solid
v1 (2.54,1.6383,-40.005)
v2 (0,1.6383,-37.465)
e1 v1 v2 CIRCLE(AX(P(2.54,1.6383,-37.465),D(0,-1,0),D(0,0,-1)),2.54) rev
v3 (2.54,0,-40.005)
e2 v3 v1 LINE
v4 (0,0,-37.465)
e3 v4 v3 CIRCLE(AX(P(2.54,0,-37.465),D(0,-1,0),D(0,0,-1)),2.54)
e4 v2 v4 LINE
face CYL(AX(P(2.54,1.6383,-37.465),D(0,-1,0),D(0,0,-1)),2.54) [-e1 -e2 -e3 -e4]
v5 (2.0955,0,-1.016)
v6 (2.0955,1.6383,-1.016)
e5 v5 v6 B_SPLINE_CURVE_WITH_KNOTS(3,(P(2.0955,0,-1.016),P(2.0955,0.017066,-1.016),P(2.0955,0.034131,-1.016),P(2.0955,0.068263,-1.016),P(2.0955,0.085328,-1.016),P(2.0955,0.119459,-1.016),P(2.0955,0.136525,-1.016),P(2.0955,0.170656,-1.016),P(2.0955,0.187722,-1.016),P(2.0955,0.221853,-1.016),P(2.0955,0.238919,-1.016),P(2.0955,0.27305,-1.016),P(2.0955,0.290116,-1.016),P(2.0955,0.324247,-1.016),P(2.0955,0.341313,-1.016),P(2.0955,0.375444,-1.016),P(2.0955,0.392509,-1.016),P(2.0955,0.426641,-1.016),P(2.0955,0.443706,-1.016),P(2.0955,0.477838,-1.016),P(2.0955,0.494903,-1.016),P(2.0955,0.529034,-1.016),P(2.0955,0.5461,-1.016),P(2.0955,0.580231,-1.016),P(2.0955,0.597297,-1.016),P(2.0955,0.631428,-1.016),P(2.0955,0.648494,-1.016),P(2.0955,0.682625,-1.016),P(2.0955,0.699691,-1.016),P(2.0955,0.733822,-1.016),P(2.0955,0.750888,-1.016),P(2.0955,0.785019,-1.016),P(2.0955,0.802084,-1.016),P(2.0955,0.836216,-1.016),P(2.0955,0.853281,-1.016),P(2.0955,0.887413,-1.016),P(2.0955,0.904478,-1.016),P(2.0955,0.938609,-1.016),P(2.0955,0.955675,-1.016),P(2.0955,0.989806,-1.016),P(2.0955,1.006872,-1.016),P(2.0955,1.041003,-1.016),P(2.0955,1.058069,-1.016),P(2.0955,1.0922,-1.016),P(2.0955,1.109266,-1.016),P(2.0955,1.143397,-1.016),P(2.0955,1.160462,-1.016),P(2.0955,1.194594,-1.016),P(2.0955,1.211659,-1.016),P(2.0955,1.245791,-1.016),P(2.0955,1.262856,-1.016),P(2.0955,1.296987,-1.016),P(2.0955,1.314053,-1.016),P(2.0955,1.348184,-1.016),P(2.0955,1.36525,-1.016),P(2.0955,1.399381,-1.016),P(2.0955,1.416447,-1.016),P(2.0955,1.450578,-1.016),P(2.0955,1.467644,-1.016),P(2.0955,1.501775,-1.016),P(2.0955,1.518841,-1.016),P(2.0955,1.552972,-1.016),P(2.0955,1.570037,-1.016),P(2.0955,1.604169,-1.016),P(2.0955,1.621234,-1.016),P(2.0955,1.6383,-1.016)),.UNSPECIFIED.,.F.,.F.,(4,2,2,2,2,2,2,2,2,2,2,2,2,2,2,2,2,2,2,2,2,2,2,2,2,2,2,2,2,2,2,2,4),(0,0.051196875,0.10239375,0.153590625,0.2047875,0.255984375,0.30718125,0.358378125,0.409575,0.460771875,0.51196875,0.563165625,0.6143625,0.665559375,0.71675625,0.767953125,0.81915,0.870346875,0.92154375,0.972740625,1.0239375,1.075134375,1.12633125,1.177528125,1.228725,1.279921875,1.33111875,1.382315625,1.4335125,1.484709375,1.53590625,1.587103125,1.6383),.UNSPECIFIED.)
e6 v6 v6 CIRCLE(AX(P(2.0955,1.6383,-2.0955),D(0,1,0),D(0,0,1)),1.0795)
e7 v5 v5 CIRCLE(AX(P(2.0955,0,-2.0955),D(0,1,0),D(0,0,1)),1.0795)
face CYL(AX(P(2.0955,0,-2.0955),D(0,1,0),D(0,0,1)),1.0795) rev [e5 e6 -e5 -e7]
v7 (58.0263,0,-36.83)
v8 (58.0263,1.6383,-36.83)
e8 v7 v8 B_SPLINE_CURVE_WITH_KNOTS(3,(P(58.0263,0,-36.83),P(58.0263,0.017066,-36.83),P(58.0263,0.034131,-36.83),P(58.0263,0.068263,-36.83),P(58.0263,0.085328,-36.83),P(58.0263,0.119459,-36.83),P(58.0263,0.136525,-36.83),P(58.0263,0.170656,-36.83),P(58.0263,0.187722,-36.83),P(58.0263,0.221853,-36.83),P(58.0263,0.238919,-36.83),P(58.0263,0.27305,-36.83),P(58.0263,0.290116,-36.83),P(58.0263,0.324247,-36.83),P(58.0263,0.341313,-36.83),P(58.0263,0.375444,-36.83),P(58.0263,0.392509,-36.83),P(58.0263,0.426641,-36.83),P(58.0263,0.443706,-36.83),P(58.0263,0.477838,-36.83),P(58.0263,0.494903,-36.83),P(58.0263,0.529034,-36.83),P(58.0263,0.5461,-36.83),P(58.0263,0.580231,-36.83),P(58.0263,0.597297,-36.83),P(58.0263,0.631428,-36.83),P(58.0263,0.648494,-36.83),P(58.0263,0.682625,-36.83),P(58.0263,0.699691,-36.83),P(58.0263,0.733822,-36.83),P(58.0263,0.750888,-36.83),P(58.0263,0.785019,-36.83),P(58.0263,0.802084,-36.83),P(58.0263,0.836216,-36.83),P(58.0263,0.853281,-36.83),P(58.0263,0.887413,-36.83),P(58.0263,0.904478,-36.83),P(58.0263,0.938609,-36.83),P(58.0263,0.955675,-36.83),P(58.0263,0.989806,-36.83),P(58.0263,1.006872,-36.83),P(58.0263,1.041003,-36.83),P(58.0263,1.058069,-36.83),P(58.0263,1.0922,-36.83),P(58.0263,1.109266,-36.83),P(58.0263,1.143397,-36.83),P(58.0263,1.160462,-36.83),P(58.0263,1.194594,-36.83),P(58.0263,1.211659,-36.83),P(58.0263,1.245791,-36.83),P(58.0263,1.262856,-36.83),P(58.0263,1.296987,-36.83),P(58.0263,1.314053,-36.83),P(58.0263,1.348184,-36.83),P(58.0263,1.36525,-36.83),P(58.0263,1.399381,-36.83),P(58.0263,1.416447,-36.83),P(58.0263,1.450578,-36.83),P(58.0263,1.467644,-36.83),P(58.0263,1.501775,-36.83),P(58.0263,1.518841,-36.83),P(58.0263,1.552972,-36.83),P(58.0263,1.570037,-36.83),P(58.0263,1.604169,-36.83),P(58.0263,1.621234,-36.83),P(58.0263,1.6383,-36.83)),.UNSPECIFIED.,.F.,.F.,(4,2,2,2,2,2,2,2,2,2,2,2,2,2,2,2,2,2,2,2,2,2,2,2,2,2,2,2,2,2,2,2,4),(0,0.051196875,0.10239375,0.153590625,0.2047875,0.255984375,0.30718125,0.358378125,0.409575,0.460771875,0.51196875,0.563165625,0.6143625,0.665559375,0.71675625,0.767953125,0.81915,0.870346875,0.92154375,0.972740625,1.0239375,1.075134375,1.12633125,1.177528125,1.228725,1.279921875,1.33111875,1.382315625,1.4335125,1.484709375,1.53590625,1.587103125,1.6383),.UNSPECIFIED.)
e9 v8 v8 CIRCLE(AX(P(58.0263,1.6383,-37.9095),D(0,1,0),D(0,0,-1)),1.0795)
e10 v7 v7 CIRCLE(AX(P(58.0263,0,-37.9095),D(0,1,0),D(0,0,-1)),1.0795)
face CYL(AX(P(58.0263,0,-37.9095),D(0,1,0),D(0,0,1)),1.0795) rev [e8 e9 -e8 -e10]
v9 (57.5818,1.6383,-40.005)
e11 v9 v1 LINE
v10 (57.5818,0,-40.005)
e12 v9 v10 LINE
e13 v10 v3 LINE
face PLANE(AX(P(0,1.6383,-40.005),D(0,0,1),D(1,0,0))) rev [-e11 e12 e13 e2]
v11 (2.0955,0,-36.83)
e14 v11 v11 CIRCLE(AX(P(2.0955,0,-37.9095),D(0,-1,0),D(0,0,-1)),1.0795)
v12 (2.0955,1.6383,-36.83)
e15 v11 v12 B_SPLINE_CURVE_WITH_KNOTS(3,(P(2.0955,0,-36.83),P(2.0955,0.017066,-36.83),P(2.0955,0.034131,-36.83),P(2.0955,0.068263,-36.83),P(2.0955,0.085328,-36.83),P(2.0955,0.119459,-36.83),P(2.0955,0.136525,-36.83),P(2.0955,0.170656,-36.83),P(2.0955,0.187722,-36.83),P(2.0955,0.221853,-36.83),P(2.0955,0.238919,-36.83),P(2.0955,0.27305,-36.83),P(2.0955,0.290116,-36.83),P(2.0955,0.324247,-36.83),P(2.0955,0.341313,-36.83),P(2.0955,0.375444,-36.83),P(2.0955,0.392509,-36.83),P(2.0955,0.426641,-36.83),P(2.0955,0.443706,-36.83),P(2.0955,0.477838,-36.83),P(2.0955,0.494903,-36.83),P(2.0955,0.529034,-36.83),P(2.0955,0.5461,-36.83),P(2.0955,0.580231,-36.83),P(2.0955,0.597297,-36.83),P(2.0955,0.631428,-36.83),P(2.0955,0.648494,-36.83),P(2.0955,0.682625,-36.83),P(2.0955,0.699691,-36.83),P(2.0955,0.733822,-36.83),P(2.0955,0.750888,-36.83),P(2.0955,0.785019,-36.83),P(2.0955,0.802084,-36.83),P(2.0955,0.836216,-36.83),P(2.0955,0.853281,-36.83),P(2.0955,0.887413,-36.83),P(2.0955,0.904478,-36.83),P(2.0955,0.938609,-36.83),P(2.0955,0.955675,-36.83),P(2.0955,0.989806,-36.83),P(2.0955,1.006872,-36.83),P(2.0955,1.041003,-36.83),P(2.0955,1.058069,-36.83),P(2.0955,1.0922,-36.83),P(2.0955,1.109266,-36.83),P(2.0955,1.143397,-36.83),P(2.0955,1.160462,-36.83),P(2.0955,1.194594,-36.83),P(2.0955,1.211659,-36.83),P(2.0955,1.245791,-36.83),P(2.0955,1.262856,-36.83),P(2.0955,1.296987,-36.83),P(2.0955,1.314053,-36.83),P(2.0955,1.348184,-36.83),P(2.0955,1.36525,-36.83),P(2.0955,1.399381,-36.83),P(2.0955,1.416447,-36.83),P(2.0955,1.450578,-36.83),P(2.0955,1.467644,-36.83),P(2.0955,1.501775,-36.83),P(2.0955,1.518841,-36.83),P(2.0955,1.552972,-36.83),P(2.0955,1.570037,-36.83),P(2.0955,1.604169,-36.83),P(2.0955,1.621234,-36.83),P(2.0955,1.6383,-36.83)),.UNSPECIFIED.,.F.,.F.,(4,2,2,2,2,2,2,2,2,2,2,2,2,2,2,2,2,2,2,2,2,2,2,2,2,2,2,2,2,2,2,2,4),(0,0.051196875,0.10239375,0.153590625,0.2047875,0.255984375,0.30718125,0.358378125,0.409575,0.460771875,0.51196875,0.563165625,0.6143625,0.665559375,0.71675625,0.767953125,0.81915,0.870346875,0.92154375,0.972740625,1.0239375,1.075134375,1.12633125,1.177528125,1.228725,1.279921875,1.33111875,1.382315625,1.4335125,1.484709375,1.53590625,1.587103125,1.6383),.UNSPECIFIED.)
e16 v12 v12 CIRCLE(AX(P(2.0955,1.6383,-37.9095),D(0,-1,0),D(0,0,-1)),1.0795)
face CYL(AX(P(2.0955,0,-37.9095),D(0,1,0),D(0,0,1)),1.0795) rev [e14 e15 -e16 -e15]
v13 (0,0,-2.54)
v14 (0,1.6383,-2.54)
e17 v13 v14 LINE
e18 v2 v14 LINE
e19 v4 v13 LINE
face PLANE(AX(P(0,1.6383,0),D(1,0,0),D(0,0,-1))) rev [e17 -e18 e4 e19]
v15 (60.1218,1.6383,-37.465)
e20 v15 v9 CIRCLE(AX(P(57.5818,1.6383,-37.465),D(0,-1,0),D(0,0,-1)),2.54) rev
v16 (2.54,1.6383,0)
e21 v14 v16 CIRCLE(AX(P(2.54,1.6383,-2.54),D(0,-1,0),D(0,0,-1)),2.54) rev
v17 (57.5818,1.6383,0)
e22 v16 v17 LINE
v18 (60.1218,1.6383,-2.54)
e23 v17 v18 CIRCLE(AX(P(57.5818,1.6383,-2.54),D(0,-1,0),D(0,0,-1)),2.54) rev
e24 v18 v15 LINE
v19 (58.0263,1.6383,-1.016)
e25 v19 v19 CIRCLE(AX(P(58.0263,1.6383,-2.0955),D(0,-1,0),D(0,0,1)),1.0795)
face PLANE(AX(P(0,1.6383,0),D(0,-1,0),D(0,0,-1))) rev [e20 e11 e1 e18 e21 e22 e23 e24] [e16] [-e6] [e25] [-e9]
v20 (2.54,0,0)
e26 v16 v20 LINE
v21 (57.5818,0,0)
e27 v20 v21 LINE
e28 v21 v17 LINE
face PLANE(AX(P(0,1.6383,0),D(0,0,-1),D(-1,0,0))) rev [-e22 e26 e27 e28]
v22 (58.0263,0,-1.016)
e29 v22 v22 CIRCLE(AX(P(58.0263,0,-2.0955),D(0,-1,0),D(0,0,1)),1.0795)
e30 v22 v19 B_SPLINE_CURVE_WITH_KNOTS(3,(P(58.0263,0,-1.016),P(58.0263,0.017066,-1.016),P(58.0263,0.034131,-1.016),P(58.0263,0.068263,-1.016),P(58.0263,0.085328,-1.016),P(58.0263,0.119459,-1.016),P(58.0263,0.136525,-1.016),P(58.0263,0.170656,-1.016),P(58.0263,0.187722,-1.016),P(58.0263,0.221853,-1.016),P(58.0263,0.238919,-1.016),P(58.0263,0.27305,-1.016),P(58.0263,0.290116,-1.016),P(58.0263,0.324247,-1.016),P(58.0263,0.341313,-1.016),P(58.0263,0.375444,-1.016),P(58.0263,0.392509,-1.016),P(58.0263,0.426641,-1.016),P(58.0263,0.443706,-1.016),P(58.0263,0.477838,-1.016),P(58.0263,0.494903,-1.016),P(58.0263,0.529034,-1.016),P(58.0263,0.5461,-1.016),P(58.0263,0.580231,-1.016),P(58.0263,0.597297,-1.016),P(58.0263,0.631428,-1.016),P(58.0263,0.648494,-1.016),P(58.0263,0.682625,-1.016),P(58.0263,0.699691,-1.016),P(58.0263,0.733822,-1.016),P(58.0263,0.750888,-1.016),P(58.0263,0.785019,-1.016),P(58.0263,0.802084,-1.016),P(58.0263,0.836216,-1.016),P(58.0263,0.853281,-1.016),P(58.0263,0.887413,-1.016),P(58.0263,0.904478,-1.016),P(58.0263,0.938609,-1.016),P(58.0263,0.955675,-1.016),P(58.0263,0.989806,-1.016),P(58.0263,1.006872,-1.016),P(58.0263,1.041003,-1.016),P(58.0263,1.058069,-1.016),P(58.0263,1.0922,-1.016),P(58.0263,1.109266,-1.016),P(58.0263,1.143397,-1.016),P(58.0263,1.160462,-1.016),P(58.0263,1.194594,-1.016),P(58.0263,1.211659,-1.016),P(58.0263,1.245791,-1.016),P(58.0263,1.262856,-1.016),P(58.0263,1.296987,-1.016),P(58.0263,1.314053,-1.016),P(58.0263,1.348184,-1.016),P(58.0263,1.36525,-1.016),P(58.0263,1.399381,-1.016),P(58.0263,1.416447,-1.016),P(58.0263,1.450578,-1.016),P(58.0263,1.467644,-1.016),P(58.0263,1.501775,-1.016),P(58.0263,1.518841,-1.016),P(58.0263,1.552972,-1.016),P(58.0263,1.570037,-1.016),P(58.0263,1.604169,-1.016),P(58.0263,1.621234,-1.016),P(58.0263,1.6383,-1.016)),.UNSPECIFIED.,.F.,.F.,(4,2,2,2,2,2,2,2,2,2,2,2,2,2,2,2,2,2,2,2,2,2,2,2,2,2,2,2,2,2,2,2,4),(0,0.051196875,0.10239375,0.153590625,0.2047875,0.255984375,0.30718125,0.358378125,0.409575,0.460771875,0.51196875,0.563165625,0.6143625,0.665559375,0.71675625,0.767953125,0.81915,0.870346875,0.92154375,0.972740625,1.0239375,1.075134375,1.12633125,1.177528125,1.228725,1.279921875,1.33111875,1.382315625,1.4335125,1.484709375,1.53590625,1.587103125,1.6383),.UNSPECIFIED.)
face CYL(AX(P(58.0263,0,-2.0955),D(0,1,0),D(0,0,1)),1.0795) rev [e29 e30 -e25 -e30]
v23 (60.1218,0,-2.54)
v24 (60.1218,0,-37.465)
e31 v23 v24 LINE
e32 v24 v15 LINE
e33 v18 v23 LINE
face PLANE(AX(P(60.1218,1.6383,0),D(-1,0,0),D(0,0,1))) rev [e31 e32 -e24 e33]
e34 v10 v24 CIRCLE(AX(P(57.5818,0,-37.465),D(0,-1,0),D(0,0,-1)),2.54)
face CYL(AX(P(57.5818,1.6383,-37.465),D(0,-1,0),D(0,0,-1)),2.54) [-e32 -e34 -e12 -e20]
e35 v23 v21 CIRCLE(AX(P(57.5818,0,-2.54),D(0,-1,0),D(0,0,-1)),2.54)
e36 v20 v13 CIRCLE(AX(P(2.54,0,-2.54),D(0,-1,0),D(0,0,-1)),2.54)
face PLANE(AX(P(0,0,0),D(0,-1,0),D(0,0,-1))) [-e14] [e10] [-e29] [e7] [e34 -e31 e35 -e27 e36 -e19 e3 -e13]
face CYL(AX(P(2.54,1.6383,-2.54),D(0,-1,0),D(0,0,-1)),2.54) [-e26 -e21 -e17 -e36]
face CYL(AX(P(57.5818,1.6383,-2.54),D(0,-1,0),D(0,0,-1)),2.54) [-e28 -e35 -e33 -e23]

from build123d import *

# Parameters (mm, degrees)
SKETCH1_W               = 60.1218
SKETCH1_H               = 40.005
BOSS_EXTRUDE1_DEPTH     = 1.6383
FILLET1_R               = 2.54
SKETCH3_R               = 1.0795
CUT_EXTRUDE2_DEPTH      = 73.233751717
MIRROR2_COPY_1_SKETCH_R = 1.0795
MIRROR2_COPY_1_DEPTH    = 73.233751717


with BuildPart() as part:
    # Sketch1 → Boss-Extrude1 (new body)
    with BuildSketch(Plane(origin=(0, 0, 0), x_dir=(1, 0, 0), z_dir=(0, 1, 0))):
        with Locations((30.0609, 20.0025)):
            Rectangle(SKETCH1_W, SKETCH1_H)
    extrude(amount=BOSS_EXTRUDE1_DEPTH)

    # Fillet1
    fillet1_edges = [part.edges().sort_by_distance(p)[0] for p in [
        (0, 0.81915, -40.005),
        (60.1218, 0.81915, -40.005),
        (60.1218, 0.81915, 0),
        (0, 0.81915, 0),
    ]]
    fillet(fillet1_edges, radius=FILLET1_R)

    # Sketch3 → Cut-Extrude2 (cut, through all)
    with BuildSketch(Plane(origin=(0, 1.6383, 0), x_dir=(1, 0, 0), z_dir=(0, 1, 0))):
        with Locations(Location((2.0955, 2.0955, 0), (0, 0, 270))):
            Circle(SKETCH3_R)
    cut_extrude2 = extrude(amount=-CUT_EXTRUDE2_DEPTH, mode=Mode.SUBTRACT)

    # Mirror1: Cut-Extrude2 across plane
    add(cut_extrude2.mirror(Plane.XY.offset(-20.0025)), mode=Mode.SUBTRACT)

    # Mirror2: Cut-Extrude2 across plane
    add(cut_extrude2.mirror(Plane(origin=(30.0609, 0, 0), x_dir=(0, 0, 1), z_dir=(1, 0, 0))), mode=Mode.SUBTRACT)

    # Mirror2 copy 1 sketch → Mirror2 copy 1 (cut, through all)
    with BuildSketch(Plane(origin=(60.1218, 1.6383, -40.005), x_dir=(-1, 0, 0), z_dir=(0, 1, 0))):
        with Locations(Location((2.0955, 2.0955, 0), (0, 0, 270))):
            Circle(MIRROR2_COPY_1_SKETCH_R)
    extrude(amount=-MIRROR2_COPY_1_DEPTH, mode=Mode.SUBTRACT)


solid = part.part
